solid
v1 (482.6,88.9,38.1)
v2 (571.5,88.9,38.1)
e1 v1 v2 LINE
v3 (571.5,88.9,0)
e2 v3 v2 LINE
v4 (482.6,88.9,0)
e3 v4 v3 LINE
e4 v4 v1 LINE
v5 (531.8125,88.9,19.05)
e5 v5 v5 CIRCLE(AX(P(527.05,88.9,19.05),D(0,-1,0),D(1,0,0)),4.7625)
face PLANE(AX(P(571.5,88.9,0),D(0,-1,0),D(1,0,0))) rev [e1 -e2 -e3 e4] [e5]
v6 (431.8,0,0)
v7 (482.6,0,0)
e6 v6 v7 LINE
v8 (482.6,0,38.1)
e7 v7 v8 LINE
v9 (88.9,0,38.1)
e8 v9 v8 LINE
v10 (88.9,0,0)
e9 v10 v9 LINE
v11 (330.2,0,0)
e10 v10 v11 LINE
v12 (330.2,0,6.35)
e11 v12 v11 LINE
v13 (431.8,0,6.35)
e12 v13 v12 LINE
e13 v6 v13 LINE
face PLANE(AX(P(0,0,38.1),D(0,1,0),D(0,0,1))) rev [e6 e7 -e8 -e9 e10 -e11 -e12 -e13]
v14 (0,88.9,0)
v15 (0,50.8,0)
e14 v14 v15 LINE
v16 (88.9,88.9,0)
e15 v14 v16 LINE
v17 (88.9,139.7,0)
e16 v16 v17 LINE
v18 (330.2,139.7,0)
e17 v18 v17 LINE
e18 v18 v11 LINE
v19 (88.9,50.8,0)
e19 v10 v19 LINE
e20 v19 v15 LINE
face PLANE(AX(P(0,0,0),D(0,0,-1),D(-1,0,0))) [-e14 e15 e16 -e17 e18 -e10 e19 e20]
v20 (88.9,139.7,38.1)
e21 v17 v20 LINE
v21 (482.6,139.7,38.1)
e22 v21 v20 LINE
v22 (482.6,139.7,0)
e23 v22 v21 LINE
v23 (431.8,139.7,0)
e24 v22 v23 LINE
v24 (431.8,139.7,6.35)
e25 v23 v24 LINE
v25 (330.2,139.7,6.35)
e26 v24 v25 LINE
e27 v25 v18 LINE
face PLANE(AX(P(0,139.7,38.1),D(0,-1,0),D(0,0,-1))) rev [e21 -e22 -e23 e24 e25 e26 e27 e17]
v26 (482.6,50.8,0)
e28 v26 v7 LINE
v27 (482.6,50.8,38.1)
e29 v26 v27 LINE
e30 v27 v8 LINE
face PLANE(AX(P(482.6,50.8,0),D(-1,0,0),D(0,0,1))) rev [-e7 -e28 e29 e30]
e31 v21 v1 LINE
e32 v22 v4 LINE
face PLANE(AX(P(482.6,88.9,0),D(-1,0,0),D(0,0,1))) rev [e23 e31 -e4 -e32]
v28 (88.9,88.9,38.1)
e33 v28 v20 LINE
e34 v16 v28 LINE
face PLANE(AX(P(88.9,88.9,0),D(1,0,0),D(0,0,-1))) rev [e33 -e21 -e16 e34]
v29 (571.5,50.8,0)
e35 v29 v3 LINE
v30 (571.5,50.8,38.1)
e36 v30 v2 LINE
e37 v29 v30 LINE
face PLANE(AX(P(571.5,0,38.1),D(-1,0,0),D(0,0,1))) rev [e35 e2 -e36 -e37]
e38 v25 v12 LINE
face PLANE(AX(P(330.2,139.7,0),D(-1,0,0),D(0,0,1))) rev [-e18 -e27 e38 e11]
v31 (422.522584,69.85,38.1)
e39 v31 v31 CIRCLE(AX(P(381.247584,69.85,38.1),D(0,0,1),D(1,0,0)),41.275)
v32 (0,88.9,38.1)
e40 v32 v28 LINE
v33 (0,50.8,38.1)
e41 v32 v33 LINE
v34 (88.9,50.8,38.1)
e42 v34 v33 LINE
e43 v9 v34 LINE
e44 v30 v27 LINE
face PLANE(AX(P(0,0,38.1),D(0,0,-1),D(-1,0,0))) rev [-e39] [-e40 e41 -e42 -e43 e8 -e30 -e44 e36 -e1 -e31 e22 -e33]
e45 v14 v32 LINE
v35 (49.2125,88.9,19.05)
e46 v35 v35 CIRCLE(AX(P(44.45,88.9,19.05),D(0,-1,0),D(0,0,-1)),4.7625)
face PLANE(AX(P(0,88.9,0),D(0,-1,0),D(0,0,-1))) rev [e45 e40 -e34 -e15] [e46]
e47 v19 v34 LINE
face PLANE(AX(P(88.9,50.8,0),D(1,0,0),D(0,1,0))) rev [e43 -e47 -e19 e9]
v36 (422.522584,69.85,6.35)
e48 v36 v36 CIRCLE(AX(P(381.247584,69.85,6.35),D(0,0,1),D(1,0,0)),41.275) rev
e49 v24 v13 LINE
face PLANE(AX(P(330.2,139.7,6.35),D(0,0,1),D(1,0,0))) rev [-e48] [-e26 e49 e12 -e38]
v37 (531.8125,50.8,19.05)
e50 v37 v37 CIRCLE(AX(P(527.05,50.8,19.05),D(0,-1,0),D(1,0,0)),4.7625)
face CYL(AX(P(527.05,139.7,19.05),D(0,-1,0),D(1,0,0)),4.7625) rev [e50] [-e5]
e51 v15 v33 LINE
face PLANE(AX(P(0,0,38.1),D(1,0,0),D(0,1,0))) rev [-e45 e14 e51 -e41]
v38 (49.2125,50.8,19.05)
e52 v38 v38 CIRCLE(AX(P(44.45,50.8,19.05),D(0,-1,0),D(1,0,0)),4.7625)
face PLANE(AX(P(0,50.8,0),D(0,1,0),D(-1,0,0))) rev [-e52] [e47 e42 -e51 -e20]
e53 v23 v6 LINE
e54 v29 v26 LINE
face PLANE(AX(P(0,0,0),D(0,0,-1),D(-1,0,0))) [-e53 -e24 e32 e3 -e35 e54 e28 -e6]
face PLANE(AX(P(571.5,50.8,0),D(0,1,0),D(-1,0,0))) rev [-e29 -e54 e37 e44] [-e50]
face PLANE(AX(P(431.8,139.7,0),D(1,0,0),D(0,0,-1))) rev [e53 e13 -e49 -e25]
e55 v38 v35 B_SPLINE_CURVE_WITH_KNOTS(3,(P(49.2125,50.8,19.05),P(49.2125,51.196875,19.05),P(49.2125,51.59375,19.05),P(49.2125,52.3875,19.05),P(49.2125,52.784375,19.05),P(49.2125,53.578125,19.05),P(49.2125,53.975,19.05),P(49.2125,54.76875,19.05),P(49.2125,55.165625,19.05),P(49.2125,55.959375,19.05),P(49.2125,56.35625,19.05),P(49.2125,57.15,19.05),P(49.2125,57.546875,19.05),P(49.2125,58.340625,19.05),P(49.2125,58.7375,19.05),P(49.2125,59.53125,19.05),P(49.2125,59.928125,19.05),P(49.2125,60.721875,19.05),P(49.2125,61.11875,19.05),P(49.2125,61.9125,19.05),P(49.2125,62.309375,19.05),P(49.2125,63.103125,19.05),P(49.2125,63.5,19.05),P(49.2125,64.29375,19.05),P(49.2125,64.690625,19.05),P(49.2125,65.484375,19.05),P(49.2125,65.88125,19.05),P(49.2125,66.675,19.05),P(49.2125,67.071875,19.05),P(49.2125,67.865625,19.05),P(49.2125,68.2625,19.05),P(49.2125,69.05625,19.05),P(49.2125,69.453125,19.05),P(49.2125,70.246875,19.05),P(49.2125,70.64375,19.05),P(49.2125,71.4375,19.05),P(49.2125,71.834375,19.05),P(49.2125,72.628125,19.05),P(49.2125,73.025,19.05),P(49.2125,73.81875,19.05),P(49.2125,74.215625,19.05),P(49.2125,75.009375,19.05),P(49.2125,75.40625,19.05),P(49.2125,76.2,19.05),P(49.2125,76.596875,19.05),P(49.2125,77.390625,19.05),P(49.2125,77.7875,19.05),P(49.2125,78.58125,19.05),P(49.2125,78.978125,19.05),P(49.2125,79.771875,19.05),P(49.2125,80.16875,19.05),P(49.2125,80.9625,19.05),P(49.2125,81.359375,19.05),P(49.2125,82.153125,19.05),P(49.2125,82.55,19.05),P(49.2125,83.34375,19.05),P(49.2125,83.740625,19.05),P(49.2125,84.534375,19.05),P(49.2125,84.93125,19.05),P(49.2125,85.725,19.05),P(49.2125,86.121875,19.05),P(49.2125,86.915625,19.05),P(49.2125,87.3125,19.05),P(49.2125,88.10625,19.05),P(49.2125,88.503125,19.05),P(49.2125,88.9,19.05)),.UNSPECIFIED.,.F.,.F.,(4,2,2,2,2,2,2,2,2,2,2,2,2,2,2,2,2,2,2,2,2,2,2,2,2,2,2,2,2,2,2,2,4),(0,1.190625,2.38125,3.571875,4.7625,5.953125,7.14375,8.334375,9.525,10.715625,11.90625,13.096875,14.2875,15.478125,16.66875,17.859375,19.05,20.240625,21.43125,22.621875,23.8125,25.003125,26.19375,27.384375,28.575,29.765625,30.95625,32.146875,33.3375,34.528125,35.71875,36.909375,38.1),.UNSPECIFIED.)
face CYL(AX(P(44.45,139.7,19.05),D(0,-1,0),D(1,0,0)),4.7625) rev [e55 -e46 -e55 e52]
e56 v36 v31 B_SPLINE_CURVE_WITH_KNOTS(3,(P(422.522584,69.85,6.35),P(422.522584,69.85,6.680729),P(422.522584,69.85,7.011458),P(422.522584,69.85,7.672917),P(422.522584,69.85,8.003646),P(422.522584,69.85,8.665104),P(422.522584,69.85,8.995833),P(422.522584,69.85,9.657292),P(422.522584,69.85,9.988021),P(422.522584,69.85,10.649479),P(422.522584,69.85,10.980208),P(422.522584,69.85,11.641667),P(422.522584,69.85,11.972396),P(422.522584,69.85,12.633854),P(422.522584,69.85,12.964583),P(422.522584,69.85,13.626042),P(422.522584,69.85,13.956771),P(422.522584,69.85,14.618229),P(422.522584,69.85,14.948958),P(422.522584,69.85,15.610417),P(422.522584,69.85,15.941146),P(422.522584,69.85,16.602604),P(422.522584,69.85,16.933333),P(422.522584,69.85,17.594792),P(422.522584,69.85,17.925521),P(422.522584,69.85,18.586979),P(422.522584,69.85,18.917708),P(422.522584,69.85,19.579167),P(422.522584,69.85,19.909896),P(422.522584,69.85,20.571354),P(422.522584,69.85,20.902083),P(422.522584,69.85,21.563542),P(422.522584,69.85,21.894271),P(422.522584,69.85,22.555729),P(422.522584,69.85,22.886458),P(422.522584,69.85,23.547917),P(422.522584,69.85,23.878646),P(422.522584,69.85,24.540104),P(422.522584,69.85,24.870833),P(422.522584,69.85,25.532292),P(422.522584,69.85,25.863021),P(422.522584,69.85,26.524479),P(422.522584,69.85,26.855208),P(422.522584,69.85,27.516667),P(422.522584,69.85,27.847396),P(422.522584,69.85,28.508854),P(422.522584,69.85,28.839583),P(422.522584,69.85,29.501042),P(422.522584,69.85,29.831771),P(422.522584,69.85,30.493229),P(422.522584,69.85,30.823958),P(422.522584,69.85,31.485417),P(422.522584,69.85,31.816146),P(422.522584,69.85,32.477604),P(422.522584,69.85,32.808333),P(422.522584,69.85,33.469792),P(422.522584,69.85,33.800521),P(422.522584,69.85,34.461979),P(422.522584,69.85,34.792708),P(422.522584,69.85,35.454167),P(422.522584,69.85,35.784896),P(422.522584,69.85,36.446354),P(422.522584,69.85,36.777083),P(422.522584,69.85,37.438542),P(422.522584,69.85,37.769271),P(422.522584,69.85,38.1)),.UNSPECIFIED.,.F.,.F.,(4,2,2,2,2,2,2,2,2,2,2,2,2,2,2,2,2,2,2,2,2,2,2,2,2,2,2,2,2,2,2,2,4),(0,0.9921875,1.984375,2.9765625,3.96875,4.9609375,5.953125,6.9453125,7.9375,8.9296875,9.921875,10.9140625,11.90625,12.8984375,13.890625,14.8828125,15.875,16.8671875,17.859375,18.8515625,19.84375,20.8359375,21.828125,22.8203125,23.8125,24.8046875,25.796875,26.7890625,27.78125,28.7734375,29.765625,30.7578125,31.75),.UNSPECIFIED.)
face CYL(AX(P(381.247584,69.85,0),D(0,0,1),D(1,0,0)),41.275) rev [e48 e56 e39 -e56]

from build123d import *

# Parameters (mm, degrees)
SKETCH2_W           = 571.5
SKETCH2_H           = 139.7
BOSS_EXTRUDE2_DEPTH = 38.1
SKETCH3_W           = 88.9
SKETCH3_H           = 50.8
CUT_EXTRUDE1_DEPTH  = 590.559114933
SKETCH4_R           = 41.275
CUT_EXTRUDE2_DEPTH  = 590.559114933
SKETCH5_R           = 4.7625
CUT_EXTRUDE3_DEPTH  = 580.626664328
SKETCH6_R           = 4.7625
CUT_EXTRUDE4_DEPTH  = 580.626664328
SKETCH7_W           = 101.6
SKETCH7_H           = 6.35
CUT_EXTRUDE5_DEPTH  = 590.559114933


with BuildPart() as part:
    # Sketch2 → Boss-Extrude2 (new body)
    with BuildSketch(Plane.XY):
        with Locations((285.75, 69.85)):
            Rectangle(SKETCH2_W, SKETCH2_H)
    extrude(amount=BOSS_EXTRUDE2_DEPTH)

    # Sketch3 → Cut-Extrude1 (cut, through all)
    with BuildSketch(Plane.XY.offset(38.1)):
        with Locations((44.45, 114.3)):
            Rectangle(SKETCH3_W, SKETCH3_H)
        with Locations((527.05, 114.3)):
            Rectangle(SKETCH3_W, SKETCH3_H)
        with Locations((527.05, 25.4)):
            Rectangle(SKETCH3_W, SKETCH3_H)
        with Locations((44.45, 25.4)):
            Rectangle(SKETCH3_W, SKETCH3_H)
    extrude(amount=-CUT_EXTRUDE1_DEPTH, mode=Mode.SUBTRACT)

    # Sketch4 → Cut-Extrude2 (cut, through all)
    with BuildSketch(Plane.XY.offset(38.1)):
        with Locations((381.247583626, 69.85)):
            Circle(SKETCH4_R)
    extrude(amount=-CUT_EXTRUDE2_DEPTH, mode=Mode.SUBTRACT)

    # Sketch5 → Cut-Extrude3 (cut, through all)
    with BuildSketch(Plane(origin=(0, 50.8, 0), x_dir=(-1, 0, 0), z_dir=(0, -1, 0))):
        with Locations(Location((-44.45, -19.05, 0), (0, 0, 180))):
            Circle(SKETCH5_R)
    extrude(amount=-CUT_EXTRUDE3_DEPTH, mode=Mode.SUBTRACT)

    # Sketch6 → Cut-Extrude4 (cut, through all)
    with BuildSketch(Plane.XZ.offset(-50.8)):
        with Locations((527.05, 19.05)):
            Circle(SKETCH6_R)
    extrude(amount=-CUT_EXTRUDE4_DEPTH, mode=Mode.SUBTRACT)

    # Sketch7 → Cut-Extrude5 (cut, through all)
    with BuildSketch(Plane.XZ):
        with Locations((381, 3.175)):
            Rectangle(SKETCH7_W, SKETCH7_H)
    extrude(amount=-CUT_EXTRUDE5_DEPTH, mode=Mode.SUBTRACT)


solid = part.part
